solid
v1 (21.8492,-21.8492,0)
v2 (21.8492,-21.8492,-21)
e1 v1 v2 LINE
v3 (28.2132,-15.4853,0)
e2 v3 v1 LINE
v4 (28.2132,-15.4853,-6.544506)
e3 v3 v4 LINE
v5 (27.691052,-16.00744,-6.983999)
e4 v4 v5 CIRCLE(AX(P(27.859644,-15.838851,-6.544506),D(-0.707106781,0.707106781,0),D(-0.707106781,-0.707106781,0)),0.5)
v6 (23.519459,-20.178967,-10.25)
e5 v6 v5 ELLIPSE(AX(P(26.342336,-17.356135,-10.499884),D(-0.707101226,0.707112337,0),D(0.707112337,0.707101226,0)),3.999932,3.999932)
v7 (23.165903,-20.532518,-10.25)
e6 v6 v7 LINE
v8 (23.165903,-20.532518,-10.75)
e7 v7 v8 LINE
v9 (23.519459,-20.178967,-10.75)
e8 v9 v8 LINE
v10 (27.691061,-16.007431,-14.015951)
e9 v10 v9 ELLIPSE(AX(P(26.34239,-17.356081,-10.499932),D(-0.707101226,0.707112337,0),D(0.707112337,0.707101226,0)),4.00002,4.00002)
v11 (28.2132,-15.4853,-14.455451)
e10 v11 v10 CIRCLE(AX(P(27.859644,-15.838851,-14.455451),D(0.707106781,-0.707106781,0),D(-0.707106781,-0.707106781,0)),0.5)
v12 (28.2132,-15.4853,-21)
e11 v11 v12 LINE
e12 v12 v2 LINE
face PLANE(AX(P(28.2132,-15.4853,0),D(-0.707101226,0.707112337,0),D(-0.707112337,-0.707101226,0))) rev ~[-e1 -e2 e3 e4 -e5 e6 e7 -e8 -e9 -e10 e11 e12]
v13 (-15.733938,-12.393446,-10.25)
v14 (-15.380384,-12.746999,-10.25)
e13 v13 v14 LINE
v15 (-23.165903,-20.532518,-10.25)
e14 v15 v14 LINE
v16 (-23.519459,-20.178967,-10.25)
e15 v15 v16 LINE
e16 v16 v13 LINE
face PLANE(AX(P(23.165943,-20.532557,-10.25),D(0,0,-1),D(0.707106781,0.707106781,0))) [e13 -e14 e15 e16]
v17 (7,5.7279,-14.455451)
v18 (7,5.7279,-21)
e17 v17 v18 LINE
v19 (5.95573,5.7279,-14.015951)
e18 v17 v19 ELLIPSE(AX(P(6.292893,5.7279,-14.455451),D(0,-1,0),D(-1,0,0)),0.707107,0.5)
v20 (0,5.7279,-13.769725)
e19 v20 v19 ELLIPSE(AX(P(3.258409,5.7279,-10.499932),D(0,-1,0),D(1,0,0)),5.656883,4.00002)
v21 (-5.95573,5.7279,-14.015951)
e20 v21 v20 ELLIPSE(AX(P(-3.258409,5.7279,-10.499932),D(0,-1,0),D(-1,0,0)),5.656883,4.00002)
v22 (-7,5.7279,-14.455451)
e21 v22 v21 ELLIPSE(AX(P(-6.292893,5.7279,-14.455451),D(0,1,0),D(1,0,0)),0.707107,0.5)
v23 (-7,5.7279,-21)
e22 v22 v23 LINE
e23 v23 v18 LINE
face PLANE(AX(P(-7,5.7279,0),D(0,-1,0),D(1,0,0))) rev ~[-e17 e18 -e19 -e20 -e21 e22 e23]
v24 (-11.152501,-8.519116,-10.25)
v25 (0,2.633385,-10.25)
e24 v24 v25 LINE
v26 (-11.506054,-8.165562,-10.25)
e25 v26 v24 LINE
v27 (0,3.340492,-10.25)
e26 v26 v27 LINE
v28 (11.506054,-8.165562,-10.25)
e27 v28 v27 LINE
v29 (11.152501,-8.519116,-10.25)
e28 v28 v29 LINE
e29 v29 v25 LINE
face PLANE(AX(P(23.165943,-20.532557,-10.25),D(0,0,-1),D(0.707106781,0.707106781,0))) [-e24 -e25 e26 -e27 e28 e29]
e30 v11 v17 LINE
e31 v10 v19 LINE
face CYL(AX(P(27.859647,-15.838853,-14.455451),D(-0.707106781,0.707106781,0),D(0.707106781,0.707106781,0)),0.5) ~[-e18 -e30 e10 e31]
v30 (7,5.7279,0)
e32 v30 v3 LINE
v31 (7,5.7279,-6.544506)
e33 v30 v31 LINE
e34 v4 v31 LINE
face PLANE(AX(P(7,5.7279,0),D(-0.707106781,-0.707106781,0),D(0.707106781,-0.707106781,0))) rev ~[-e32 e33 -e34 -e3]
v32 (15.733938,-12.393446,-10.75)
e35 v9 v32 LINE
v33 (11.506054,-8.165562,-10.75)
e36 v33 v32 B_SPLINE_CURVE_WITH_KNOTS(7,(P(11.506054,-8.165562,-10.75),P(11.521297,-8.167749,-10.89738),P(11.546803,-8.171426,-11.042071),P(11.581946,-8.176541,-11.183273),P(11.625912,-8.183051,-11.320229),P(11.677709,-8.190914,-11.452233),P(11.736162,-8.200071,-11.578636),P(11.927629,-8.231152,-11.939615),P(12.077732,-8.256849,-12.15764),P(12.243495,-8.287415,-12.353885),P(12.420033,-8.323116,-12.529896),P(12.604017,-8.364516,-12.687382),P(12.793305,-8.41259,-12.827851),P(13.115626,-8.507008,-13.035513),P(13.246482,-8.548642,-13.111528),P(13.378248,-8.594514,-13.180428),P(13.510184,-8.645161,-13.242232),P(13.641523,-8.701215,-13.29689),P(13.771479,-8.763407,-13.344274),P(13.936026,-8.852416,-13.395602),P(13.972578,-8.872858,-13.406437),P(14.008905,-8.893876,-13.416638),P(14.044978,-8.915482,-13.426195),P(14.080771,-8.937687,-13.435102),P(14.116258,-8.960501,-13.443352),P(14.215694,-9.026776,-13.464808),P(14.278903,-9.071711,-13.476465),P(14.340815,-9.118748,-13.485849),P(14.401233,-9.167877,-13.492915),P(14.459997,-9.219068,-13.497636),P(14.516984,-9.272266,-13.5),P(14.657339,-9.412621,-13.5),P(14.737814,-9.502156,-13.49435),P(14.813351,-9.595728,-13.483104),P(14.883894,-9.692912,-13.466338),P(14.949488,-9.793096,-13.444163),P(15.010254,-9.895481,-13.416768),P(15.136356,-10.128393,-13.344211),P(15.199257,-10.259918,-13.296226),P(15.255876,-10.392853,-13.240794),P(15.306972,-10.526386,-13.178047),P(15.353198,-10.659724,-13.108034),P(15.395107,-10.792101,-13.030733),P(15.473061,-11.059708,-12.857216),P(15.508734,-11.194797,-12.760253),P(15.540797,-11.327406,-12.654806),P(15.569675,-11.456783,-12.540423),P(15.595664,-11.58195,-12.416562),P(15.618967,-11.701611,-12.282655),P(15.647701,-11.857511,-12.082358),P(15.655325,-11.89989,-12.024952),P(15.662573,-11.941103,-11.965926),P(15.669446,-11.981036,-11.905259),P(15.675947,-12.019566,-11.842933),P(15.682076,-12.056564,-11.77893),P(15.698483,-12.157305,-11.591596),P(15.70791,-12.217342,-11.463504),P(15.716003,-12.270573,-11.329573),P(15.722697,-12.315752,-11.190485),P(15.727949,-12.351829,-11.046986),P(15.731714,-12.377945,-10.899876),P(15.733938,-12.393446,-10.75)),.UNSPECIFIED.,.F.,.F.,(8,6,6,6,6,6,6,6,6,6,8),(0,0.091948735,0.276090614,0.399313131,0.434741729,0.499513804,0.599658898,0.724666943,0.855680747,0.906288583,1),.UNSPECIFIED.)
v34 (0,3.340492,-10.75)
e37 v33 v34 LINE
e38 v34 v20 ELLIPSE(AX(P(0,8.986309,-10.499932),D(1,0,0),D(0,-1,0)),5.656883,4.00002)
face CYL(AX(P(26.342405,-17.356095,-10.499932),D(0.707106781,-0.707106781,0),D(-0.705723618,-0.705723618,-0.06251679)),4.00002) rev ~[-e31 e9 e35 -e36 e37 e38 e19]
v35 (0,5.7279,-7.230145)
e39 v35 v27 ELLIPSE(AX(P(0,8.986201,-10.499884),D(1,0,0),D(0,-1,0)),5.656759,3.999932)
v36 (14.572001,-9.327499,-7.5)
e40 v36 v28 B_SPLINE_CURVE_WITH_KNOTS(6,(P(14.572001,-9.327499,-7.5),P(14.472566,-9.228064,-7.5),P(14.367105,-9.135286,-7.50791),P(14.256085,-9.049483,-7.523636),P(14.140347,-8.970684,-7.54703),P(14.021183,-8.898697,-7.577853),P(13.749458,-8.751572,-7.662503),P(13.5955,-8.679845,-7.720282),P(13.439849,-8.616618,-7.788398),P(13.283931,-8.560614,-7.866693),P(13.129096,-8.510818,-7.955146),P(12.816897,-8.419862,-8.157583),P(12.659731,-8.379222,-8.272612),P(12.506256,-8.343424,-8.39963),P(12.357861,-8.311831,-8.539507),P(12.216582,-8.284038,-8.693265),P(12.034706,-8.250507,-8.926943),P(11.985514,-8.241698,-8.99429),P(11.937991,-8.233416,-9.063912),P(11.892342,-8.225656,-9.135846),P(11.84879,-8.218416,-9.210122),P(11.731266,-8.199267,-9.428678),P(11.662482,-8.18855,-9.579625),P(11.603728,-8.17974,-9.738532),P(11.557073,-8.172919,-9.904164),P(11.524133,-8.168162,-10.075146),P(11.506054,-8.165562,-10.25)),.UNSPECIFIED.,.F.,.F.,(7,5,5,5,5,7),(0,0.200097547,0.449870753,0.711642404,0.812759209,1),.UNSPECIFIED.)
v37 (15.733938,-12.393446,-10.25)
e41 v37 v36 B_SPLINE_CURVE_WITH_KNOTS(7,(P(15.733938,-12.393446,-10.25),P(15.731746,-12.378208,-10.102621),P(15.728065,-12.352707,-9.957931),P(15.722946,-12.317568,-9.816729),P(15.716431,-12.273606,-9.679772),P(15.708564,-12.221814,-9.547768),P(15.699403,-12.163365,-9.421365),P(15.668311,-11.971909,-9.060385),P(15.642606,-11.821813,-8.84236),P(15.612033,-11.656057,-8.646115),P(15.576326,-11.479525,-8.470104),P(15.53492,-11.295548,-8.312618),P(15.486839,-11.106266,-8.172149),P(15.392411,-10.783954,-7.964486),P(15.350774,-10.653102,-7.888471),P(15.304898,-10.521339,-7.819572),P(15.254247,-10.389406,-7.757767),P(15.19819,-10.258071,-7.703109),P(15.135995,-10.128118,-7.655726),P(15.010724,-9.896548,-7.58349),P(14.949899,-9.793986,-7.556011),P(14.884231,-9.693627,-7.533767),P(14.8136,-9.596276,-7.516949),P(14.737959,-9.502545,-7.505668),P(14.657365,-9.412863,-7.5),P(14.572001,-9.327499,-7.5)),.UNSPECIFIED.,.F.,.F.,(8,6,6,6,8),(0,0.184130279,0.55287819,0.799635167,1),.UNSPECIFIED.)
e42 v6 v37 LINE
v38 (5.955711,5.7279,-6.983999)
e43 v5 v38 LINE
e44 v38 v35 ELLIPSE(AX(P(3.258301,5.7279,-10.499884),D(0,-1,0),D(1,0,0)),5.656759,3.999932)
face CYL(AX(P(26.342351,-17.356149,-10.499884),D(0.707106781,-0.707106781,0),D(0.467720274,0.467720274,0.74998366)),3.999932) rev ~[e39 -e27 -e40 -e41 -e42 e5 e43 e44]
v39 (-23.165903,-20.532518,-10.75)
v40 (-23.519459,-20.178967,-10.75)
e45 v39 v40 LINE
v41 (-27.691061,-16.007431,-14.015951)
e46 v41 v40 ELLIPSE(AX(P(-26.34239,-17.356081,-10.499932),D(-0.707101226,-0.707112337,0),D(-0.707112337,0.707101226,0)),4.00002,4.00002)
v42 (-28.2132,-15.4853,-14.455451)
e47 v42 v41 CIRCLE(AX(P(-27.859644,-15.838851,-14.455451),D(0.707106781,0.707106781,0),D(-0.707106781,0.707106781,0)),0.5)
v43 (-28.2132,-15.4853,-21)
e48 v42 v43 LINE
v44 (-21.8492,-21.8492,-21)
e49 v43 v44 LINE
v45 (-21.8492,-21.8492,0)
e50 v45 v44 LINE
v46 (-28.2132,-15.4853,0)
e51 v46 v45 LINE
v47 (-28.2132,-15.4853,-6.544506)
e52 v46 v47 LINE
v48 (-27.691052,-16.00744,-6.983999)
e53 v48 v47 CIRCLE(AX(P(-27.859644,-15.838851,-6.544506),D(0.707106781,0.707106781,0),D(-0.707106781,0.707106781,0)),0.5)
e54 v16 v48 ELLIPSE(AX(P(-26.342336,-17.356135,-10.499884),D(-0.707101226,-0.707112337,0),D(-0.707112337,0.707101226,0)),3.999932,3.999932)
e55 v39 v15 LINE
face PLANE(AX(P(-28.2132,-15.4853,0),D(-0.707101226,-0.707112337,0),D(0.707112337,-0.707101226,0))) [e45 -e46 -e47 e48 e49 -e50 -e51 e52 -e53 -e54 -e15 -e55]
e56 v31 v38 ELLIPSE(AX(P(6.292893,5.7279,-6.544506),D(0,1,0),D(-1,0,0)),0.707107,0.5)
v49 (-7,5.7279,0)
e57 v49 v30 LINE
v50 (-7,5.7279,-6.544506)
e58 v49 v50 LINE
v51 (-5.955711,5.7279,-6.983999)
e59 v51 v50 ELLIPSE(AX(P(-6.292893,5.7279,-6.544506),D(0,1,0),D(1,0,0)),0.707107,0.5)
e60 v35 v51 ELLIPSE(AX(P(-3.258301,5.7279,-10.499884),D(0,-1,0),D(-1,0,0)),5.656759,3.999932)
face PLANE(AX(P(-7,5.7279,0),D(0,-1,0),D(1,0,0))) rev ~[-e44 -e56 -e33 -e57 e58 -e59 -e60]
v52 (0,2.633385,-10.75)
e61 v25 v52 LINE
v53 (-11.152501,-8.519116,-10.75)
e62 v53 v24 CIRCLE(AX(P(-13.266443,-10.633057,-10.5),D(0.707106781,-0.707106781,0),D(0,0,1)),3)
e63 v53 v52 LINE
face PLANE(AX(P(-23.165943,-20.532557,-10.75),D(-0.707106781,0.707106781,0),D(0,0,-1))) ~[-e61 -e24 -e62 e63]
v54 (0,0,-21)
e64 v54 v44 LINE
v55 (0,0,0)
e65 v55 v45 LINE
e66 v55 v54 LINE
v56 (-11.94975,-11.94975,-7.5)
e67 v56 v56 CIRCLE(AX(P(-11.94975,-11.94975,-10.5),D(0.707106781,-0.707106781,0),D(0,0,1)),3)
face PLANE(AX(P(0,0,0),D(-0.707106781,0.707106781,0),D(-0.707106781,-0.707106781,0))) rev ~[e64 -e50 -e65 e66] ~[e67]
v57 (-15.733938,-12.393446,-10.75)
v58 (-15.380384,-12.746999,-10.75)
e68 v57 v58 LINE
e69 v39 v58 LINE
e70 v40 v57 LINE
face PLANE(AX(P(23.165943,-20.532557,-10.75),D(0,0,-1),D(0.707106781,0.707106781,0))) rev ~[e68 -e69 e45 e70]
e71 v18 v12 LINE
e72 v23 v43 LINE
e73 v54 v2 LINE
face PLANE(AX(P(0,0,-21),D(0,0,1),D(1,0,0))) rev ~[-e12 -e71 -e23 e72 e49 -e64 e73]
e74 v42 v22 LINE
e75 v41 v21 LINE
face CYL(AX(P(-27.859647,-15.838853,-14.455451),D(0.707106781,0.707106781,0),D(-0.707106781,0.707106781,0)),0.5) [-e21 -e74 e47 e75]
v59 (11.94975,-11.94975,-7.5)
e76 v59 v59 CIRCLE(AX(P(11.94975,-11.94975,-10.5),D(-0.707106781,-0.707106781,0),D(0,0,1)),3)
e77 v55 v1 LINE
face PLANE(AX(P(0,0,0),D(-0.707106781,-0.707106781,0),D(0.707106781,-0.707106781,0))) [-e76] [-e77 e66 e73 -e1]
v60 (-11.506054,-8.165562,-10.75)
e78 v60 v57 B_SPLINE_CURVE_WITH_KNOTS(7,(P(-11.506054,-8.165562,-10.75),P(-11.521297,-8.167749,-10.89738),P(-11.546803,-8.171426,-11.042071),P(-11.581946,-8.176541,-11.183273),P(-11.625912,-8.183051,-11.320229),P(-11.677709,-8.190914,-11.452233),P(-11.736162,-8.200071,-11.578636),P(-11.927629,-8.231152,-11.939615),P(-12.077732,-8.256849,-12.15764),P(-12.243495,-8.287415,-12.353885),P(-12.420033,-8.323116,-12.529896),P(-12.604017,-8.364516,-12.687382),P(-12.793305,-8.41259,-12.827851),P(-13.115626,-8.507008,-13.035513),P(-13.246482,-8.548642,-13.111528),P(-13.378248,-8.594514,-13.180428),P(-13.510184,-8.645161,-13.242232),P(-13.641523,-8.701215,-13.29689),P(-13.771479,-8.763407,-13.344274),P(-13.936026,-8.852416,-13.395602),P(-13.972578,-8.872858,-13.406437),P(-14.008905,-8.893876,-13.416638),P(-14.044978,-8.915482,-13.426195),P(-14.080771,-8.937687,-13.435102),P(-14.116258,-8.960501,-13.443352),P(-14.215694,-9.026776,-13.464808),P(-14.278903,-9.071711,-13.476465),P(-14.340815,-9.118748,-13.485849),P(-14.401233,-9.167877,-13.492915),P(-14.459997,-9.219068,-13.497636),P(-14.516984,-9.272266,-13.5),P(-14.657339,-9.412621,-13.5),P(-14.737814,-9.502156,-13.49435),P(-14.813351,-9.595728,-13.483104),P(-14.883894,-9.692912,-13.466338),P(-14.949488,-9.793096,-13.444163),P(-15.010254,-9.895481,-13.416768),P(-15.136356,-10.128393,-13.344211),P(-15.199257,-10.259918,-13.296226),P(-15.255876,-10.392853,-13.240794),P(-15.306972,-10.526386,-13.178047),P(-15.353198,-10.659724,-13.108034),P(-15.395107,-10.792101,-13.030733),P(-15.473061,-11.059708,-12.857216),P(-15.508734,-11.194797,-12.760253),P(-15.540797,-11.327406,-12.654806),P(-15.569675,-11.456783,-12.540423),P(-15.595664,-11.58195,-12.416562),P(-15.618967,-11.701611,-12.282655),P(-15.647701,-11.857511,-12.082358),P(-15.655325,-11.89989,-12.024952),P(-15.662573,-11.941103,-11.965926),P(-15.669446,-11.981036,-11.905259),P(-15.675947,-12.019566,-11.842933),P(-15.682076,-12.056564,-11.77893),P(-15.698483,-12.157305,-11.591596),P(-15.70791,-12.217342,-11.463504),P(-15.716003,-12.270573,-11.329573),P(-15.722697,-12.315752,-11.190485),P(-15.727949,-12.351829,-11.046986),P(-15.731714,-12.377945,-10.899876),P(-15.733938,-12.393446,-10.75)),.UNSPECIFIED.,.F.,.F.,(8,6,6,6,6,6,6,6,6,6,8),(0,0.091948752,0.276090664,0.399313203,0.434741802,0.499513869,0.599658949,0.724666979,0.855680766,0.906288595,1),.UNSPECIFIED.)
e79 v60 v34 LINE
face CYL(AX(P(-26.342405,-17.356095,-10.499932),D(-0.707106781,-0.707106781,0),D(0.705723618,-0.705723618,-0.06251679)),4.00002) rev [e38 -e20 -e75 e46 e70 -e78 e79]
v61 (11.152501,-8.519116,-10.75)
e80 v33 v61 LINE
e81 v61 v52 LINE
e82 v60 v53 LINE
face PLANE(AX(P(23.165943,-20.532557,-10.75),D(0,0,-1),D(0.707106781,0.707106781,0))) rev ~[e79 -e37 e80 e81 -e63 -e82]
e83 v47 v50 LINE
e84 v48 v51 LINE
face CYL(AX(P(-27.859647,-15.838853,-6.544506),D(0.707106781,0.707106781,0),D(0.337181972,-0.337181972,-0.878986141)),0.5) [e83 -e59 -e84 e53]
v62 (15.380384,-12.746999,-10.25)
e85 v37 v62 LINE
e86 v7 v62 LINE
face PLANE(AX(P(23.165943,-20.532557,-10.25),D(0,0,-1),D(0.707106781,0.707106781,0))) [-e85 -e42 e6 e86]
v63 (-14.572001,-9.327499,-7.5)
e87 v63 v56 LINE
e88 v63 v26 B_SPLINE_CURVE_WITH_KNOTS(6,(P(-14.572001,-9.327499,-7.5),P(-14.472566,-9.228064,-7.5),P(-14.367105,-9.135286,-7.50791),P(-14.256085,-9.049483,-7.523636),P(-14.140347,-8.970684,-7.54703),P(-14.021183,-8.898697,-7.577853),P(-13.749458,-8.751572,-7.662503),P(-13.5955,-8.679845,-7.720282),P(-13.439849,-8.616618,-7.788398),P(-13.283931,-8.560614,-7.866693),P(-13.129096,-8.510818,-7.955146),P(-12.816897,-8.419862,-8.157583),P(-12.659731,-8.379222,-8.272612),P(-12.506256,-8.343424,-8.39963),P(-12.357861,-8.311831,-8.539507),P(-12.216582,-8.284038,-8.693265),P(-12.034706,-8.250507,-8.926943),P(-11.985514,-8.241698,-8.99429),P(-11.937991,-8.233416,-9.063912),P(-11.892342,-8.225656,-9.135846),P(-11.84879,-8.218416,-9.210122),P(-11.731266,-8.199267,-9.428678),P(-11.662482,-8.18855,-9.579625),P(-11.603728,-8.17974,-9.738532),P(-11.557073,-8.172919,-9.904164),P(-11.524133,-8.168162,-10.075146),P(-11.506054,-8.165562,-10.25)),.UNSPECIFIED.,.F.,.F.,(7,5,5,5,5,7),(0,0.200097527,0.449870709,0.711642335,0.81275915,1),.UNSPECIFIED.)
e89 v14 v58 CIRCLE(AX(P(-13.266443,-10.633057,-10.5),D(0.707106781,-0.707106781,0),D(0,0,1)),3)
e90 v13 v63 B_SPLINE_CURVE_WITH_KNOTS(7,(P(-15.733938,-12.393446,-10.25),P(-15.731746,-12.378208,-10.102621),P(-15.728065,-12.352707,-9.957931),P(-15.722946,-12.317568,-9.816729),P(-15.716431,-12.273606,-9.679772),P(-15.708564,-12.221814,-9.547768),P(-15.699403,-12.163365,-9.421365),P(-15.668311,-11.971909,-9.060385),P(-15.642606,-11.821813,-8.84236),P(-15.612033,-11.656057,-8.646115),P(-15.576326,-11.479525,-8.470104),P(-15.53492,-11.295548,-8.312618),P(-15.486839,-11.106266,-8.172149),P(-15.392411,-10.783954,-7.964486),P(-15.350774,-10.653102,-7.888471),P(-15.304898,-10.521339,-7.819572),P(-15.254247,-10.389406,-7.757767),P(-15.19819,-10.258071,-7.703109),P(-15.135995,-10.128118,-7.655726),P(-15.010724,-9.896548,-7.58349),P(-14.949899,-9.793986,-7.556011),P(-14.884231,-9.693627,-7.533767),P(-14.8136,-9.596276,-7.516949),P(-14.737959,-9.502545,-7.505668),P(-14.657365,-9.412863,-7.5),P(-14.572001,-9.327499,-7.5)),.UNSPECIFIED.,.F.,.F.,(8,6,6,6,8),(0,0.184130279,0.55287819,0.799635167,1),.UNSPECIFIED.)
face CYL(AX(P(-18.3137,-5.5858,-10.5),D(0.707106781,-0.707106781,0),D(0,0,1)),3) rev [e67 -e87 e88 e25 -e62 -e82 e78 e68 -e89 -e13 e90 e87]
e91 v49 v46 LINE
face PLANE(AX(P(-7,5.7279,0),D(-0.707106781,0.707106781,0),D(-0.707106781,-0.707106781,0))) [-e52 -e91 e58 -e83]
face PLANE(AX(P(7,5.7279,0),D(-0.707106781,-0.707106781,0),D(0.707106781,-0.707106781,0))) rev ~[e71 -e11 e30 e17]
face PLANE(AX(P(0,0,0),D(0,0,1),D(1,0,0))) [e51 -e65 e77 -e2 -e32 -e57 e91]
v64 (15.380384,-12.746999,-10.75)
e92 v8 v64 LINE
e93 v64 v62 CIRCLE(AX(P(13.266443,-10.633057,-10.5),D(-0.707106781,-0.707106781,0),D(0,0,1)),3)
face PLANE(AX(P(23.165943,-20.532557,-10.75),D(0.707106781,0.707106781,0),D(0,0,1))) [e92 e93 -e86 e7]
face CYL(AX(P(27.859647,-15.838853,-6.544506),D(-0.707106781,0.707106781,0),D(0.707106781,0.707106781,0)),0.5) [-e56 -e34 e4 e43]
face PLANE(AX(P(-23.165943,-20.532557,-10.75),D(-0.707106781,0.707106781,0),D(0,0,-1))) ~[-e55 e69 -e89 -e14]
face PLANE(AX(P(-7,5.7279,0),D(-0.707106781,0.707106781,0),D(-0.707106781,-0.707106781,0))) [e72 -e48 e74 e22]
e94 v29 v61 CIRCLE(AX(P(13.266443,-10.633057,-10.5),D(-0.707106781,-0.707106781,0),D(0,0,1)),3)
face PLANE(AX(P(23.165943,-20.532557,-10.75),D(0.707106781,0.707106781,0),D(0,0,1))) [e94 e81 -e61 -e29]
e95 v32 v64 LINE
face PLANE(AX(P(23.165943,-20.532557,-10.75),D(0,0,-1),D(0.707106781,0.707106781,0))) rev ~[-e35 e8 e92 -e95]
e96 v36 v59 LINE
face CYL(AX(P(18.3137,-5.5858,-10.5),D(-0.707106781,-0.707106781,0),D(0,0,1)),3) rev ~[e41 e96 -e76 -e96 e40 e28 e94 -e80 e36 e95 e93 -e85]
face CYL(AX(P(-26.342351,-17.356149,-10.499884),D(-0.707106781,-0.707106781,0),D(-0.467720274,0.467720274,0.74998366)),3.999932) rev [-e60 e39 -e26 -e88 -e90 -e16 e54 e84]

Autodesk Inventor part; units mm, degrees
sketch "Sketch1" plane through (0, 0, 0) normal (0, 0, 1) x (1, 0, 0)
  line L0 (-7, 5.7279) -> (7, 5.7279)
  line L1 (-7, 5.7279) -> (-28.2132, -15.4853)
  line L2 (-28.2132, -15.4853) -> (-21.8492, -21.8492)
  line L3 (0, 0) -> (-21.8492, -21.8492)
  line L4 (7, 5.7279) -> (28.2132, -15.4853)
  line L5 (28.2132, -15.4853) -> (21.8492, -21.8492)
  line L6 (0, 0) -> (21.8492, -21.8492)
  line L7 (0, 15.5718) -> (0, -18.5373) construction
  dimension "d112" = 30
  dimension "d204" = 7
  dimension "d205" = 7
  dimension "d207" = 30
  dimension "d208" = 45
  dimension "d209" = 45
  dimension "d210" = 9
  dimension "d211" = 9
extrude "Extrusion1" add sketch "Sketch1" against normal blind 21
ref_plane "Plano de trabajo1" through (0, 0, 0) normal (1, 0, 0) x (0, 0, -1)
ref_plane "Plano de trabajo2" through (28.2132, -15.4853, -21) normal (0.7071, 0.7071, 0) x (-0.7071, 0.7071, 0)
sketch "Boceto2" plane through (28.2132, -15.4853, 0) normal (0.7071, -0.7071, 0) x (-0.7071, -0.7071, 0)
  line L0 (-3.8291, 10.5) -> (9.1738, 10.5) construction
  line L1 (0, 7.5) -> (0, 13.5)
  arc A0 (0, 7.5) -> (6.6379, 10.25) centre (2.6458, 10.5) ccw
  arc A1 (6.6379, 10.75) -> (0, 13.5) centre (2.6458, 10.5) ccw
  line L2 (0, 21) -> (9, 21) projected
  line L3 (9, 0) -> (0, 0) projected
  line L4 (7.1379, 10.75) -> (7.1379, 10.25)
  line L5 (7.1379, 10.25) -> (6.6379, 10.25)
  line L6 (7.1379, 10.75) -> (6.6379, 10.75)
  point P0 (0.9314, 0)
  dimension "d163" = 6
  dimension "d164" = 3
  dimension "d167" = 4
  dimension "d171" = 10.5
  dimension "d172" = 10.5
  dimension "d179" = 0.25
  dimension "d180" = 0.5
  dimension "d181" = 0.5
extrude "Extrusión2" cut sketch "Boceto2" against normal up to surface surface through (0, 0, 0) normal (1, 0, 0)
mirror "Simetría1" about plane through (0, 0, 0) normal (1, 0, 0) of "Extrusión2"
fillet "Empalme1" radius 0.5 4 edges at (17.6066, -4.8787, -7.5) (17.6066, -4.8787, -13.5) (-17.6066, -4.8787, -13.5) (-17.6066, -4.8787, -7.5)
sketch "Boceto3" plane through (28.2132, -15.4853, -21) normal (0.7071, 0.7071, 0) x (-0.7071, 0.7071, 0)
  arc A0 (30, 14.4555) -> (30.7384, 14.016) centre (30.5, 14.4555) ccw projected
  line L0 (30, 14.4555) -> (0, 14.4555) projected
  line L1 (0, 14.4555) -> (0, 14.016) projected
  line L2 (0, 14.016) -> (30.7384, 14.016) projected
  line L3 (0, 14.016) -> (30.7384, 14.016) projected
  line L4 (0, 10.75) -> (0, 14.016) projected
  arc A1 (34.9497, 13.7698) -> (30.7384, 14.016) centre (32.6458, 10.5) ccw projected
  line L5 (0, 10.75) -> (33.2616, 10.75) projected
  line L6 (0, 10.75) -> (32.7616, 10.75) projected
  line L7 (0, 10.75) -> (32.7616, 10.75) projected
  line L8 (0, 10.25) -> (0, 10.75) projected
  line L9 (0, 10.25) -> (32.7616, 10.25) projected
  line L10 (0, 10.25) -> (32.7616, 10.25) projected
  line L11 (0, 10.25) -> (33.2616, 10.25) projected
  line L12 (30.7384, 6.984) -> (0, 6.984) projected
  arc A2 (30.7384, 6.984) -> (34.9497, 7.2302) centre (32.6458, 10.5) ccw projected
  line L13 (0, 6.984) -> (0, 10.25) projected
  line L14 (0, 6.984) -> (0, 6.5445) projected
  line L15 (0, 6.5445) -> (30, 6.5445) projected
  arc A3 (30.7384, 6.984) -> (30, 6.5445) centre (30.5, 6.5445) ccw projected
  line L16 (30.7384, 6.984) -> (0, 6.984) projected
  line L17 (0, 6.5445) -> (30, 6.5445) projected
  line L18 (0, 6.5445) -> (0, 0) projected
  line L19 (30, 0) -> (0, 0) projected
  line L20 (30, 6.5445) -> (30, 0) projected
  line L21 (30, 14.4555) -> (0, 14.4555) projected
  line L22 (30, 21) -> (30, 14.4555) projected
  line L23 (0, 21) -> (30, 21) projected
  line L24 (0, 21) -> (0, 14.4555) projected
  circle A4 centre (14, 10.5) radius 3
  line L25 (32.7616, 10.25) -> (33.2616, 10.25) projected
  line L26 (32.7616, 10.25) -> (32.7616, 10.75) projected
  line L27 (33.2616, 10.75) -> (32.7616, 10.75) projected
  arc A5 (33.2616, 10.25) -> (34.9497, 7.2302) centre (37.2537, 10.5) ccw projected
  line L28 (0, 10.25) -> (33.2616, 10.25) projected
  line L29 (0, 10.75) -> (33.2616, 10.75) projected
  arc A6 (34.9497, 13.7698) -> (33.2616, 10.75) centre (37.2537, 10.5) ccw projected
  point P0 (30.8995, 21)
  dimension "d183" = 6
  dimension "d184" = 10.5
  dimension "d185" = 10.5
  dimension "d186" = 14
hole "Agujero1" at (18.3137, -5.5858, -10.5) direction (-0.7071, -0.7071, 0) diameter 6 depth 9
mirror "Simetría2" about plane through (0, 0, 0) normal (1, 0, 0) of "Agujero1"
thread "Rosca1" size "M6x1" class "6H" standard "ANSI Metric M Profile" full length
thread "Rosca2" size "M6x1" class "6H" standard "ANSI Metric M Profile" full length
ref_plane "Plano de trabajo3" through (0, 0, -10.5) normal (0, 0, 1) x (1, 0, 0)
properties part number "ESCUADRA UNIÓN 45 DISEÑO NUEVO V2" material "Aluminio"
